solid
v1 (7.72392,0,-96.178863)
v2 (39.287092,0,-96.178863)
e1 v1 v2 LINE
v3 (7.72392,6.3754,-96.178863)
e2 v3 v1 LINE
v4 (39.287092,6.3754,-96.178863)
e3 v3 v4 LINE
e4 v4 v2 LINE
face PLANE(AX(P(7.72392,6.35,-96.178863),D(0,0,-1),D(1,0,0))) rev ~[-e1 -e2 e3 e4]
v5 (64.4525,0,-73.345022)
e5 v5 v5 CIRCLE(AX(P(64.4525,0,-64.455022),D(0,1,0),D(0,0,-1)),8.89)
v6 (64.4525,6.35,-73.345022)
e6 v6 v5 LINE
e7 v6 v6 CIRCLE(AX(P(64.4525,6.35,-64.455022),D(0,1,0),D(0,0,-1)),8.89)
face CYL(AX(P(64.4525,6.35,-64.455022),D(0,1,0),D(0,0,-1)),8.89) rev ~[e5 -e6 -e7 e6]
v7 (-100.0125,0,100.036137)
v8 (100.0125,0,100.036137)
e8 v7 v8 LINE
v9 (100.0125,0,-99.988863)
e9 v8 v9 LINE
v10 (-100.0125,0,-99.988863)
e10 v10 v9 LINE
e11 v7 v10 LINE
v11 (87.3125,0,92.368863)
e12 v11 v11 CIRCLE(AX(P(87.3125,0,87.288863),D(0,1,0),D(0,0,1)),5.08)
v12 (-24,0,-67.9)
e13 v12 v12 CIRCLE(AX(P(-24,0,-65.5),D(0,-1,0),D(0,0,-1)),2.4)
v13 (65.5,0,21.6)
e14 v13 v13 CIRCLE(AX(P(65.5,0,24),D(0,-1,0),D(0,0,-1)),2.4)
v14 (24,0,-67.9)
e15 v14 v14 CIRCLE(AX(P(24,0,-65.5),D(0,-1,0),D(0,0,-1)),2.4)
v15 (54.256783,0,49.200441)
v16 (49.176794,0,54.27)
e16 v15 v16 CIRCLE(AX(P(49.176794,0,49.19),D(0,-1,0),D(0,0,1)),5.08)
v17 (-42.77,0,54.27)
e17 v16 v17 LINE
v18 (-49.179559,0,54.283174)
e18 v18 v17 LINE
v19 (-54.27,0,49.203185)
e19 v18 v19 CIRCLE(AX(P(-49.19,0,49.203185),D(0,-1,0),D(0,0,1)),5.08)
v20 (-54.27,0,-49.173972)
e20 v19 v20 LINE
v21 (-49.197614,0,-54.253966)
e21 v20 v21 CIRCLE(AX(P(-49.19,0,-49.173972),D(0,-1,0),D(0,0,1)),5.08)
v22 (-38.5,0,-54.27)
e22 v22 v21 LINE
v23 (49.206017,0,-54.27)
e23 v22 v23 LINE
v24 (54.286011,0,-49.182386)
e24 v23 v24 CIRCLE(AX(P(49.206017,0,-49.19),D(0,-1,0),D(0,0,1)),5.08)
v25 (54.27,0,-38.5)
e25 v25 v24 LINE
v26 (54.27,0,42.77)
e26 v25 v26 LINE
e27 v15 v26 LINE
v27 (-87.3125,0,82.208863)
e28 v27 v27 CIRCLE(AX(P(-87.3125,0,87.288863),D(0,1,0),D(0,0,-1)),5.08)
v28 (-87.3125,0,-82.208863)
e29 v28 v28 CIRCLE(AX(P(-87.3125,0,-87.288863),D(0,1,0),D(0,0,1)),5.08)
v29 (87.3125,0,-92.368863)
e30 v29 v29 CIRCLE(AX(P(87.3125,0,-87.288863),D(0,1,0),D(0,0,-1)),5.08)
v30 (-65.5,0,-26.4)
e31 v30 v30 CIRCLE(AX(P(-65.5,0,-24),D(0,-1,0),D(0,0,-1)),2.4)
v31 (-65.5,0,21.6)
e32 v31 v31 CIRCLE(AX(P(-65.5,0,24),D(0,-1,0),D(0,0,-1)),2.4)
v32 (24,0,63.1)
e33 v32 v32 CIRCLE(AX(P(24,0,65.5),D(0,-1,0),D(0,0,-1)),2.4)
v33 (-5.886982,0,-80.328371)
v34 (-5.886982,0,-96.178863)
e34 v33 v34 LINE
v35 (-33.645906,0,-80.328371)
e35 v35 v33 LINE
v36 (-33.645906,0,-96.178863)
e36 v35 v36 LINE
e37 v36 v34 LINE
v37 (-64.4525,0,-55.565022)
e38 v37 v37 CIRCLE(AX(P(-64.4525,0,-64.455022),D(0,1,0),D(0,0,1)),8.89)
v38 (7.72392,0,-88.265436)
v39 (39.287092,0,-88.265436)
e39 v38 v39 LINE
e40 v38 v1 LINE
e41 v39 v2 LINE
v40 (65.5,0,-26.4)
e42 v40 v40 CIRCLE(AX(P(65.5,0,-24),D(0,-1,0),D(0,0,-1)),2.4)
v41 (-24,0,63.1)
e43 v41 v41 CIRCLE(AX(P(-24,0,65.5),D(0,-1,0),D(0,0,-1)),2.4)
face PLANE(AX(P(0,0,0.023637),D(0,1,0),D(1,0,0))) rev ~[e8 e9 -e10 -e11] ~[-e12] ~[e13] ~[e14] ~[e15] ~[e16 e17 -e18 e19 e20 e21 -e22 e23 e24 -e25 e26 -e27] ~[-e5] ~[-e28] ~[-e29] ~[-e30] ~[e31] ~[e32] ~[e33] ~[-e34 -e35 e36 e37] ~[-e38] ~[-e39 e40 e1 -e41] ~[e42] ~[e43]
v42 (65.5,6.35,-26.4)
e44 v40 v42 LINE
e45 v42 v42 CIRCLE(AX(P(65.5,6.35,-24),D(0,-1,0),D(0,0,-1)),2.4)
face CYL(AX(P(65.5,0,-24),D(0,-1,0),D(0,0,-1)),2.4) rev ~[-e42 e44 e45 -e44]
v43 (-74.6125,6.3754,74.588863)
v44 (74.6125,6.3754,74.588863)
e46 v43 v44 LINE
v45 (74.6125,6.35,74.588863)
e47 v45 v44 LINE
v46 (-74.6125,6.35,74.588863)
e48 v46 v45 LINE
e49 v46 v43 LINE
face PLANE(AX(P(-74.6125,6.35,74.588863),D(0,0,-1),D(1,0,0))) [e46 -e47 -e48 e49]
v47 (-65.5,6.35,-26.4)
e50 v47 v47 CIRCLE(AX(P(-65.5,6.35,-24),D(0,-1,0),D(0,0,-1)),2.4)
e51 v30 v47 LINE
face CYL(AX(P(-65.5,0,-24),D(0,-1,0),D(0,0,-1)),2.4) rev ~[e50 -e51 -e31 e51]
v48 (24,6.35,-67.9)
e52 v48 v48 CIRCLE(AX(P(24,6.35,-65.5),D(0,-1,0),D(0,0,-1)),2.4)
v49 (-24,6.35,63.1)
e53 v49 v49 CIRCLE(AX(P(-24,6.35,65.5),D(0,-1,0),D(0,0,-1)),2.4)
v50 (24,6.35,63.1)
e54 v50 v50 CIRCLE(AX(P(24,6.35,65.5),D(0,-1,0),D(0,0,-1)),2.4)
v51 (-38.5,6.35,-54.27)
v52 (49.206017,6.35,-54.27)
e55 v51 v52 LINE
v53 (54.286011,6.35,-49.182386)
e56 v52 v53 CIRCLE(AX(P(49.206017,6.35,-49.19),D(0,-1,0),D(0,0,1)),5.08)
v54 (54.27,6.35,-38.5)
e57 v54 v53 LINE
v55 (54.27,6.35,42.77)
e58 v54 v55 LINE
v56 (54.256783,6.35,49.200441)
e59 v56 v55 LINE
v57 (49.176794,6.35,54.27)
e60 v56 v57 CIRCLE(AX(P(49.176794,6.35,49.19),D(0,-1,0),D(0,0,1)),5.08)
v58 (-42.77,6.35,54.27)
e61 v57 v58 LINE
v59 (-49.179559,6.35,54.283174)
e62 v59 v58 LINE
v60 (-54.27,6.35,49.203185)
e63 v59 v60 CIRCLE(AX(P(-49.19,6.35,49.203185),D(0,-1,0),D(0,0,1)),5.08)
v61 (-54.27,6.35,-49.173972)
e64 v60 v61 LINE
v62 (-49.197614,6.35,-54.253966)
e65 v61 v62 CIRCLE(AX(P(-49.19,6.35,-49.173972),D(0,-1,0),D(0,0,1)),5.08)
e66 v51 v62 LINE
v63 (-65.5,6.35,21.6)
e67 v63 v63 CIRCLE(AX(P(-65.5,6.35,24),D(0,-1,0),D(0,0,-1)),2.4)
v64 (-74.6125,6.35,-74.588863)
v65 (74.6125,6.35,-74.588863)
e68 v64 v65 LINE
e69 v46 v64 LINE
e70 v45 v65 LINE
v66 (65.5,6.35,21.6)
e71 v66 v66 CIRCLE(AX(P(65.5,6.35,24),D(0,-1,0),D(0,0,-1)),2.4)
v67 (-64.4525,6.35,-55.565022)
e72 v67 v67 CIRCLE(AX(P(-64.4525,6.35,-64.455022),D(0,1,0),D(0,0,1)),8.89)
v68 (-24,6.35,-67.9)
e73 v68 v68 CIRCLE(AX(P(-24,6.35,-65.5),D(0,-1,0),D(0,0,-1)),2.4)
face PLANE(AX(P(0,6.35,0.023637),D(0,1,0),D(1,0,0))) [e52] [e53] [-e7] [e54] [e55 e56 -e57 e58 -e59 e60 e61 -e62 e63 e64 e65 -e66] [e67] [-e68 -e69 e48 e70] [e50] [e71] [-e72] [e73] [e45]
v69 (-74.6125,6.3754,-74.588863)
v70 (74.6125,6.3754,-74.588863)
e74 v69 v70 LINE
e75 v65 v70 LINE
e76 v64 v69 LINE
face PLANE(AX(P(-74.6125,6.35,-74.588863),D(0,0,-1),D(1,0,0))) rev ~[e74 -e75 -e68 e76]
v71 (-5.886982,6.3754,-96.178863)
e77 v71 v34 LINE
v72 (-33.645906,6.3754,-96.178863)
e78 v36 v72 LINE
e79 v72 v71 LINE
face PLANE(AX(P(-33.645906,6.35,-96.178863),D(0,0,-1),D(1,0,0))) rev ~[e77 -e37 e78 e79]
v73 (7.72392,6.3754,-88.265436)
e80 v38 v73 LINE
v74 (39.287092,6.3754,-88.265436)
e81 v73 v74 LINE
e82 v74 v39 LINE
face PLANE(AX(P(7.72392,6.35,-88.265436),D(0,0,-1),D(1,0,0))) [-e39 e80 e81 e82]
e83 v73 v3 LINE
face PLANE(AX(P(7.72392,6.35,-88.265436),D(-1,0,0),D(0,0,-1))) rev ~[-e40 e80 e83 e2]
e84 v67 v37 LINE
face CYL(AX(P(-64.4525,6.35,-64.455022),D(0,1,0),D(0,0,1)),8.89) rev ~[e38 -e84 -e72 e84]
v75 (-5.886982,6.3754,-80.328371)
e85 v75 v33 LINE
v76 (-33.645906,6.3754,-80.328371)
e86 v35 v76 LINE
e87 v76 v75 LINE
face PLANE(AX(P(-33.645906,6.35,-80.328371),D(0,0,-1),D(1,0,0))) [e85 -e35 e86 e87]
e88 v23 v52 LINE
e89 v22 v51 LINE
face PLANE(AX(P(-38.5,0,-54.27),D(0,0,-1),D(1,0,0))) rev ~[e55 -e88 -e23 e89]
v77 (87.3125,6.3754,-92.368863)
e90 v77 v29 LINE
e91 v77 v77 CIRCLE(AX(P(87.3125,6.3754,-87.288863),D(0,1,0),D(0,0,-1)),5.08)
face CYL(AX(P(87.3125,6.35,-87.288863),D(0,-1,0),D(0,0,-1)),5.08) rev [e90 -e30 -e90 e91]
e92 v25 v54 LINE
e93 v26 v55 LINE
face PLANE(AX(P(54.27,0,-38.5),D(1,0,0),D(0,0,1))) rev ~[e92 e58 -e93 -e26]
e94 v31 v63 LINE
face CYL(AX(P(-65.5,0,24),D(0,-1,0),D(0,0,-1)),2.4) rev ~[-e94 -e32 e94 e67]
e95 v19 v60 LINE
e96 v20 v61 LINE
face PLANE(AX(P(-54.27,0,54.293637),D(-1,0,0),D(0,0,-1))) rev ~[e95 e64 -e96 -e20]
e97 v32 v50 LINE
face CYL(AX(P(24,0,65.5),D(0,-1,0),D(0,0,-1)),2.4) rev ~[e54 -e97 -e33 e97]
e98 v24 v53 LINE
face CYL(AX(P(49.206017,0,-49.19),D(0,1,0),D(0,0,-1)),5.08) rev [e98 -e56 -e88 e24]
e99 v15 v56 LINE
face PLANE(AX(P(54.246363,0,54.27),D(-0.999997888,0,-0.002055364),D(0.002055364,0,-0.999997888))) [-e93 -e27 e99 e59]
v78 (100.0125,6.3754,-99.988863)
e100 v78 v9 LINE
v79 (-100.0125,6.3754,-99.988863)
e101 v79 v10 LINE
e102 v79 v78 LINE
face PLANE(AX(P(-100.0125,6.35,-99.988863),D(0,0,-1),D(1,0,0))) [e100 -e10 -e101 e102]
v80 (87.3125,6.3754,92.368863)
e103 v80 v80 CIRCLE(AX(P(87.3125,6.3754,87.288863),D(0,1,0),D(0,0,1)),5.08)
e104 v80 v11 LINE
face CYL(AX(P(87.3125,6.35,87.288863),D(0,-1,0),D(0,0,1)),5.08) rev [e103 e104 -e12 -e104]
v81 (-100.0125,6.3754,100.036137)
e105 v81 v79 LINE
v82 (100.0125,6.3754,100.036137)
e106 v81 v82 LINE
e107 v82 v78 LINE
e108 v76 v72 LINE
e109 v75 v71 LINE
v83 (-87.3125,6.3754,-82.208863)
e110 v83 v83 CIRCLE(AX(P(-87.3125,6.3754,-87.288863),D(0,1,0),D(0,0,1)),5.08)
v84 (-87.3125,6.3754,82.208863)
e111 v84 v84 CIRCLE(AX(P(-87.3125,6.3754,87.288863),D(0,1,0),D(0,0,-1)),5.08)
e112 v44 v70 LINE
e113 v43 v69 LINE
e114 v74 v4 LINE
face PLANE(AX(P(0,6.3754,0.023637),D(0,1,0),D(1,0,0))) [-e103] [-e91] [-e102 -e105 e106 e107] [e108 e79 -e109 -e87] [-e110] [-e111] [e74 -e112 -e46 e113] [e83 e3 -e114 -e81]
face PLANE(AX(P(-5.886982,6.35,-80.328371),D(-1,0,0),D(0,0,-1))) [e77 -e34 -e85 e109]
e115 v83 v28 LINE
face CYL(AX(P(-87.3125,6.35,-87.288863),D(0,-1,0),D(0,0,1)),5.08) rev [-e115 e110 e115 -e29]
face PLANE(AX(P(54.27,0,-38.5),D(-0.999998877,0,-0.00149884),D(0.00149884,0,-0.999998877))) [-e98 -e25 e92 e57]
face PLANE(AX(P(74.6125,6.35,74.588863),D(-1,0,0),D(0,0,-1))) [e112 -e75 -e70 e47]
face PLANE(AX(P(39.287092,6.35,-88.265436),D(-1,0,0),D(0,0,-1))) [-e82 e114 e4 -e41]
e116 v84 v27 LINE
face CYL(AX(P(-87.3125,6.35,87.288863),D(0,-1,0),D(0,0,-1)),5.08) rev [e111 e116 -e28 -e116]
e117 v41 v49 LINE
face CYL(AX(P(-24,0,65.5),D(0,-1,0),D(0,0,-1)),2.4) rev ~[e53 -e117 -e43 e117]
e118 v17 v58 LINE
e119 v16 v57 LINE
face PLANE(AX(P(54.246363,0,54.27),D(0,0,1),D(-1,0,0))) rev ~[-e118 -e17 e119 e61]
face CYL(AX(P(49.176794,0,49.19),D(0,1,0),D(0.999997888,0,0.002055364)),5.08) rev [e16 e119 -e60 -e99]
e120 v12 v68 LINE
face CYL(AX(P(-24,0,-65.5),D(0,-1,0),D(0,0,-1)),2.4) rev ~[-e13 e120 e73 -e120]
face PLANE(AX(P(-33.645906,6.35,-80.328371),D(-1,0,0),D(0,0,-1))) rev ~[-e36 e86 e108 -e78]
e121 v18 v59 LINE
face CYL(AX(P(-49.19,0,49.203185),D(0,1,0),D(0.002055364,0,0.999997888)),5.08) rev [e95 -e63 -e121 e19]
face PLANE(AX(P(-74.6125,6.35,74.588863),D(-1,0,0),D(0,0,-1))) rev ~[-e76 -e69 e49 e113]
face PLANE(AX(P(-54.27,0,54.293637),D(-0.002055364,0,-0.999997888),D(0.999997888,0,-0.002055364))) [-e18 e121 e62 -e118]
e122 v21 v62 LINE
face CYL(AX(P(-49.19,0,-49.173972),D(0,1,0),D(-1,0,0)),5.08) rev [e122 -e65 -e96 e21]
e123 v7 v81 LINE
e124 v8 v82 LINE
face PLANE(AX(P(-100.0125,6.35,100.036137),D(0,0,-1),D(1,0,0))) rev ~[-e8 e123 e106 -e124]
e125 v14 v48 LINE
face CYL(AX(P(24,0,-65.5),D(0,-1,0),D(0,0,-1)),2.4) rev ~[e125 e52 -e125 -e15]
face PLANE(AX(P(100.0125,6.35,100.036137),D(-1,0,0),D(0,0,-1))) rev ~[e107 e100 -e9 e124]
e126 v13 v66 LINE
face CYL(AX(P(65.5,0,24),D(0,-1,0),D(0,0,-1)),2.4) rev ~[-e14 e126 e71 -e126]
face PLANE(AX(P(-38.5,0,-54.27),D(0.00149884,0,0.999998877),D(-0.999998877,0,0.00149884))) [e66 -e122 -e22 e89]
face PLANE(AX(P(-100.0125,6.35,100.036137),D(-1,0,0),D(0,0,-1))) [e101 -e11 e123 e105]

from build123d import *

# Parameters (mm, degrees)
SKETCH1_W           = 200.025
SKETCH1_H           = 200.025
SKETCH1_R           = 5.08
SKETCH1_W_2         = 27.758924323
SKETCH1_H_2         = 15.850492031
SKETCH1_W_3         = 31.563171913
SKETCH1_H_3         = 7.913427648
BOSS_EXTRUDE1_DEPTH = 6.35
FILLET1_R           = 5.08
SKETCH3_R           = 2.4
CUT_EXTRUDE1_DEPTH  = 142.598203764
SKETCH4_W           = 200.025
SKETCH4_H           = 200.025
SKETCH4_R           = 5.08
SKETCH4_W_2         = 149.225
SKETCH4_H_2         = 149.17772653
SKETCH4_W_3         = 27.758924323
SKETCH4_H_3         = 15.850492031
SKETCH4_W_4         = 31.563171913
SKETCH4_H_4         = 7.913427648
BOSS_EXTRUDE2_DEPTH = 0.0254
SKETCH5_R           = 8.89
CUT_EXTRUDE2_DEPTH  = 142.598203764


with BuildPart() as part:
    # Sketch1 → Boss-Extrude1 (new body)
    with BuildSketch(Plane(origin=(0, 0, 0), x_dir=(1, 0, 0), z_dir=(0, 1, 0))):
        with Locations((0, -0.023636735)):
            Rectangle(SKETCH1_W, SKETCH1_H)
        with Locations(Location((-87.3125, 87.288863265, 0), (0, 0, 270))):
            Circle(SKETCH1_R, mode=Mode.SUBTRACT)
        with Locations(Location((87.3125, 87.288863265, 0), (0, 0, 90))):
            Circle(SKETCH1_R, mode=Mode.SUBTRACT)
        with Locations(Location((-87.3125, -87.288863265, 0), (0, 0, 90))):
            Circle(SKETCH1_R, mode=Mode.SUBTRACT)
        with Locations(Location((87.3125, -87.288863265, 0), (0, 0, 270))):
            Circle(SKETCH1_R, mode=Mode.SUBTRACT)
        with Locations((-19.766444167, 88.253617249)):
            Rectangle(SKETCH1_W_2, SKETCH1_H_2, mode=Mode.SUBTRACT)
        with Locations((23.505506165, 92.222149441)):
            Rectangle(SKETCH1_W_3, SKETCH1_H_3, mode=Mode.SUBTRACT)
        Polygon((54.27, -38.5), (54.27, 38.5), (54.293636735, 54.27), (38.5, 54.27), (-38.5, 54.27), (-54.27, 54.246363265), (-54.27, 38.5), (-54.27, -38.5), (-54.27, -54.293636735), (-42.77, -54.27), (-38.5, -54.27), (38.5, -54.27), (42.77, -54.27), (54.246363265, -54.27), (54.27, -42.77), align=None, mode=Mode.SUBTRACT)
    extrude(amount=BOSS_EXTRUDE1_DEPTH)

    # Fillet1
    fillet1_edges = [part.edges().sort_by_distance(p)[0] for p in [
        (-54.27, 3.175, -54.246363265),
        (-54.27, 3.175, 54.293636735),
        (54.246363265, 3.175, 54.27),
        (54.293636735, 3.175, -54.27),
    ]]
    fillet(fillet1_edges, radius=FILLET1_R)

    # Sketch3 → Cut-Extrude1 (cut, through all)
    with BuildSketch(Plane.XZ):
        with Locations(Location((-24, 65.5, 0), (0, 0, 270))):
            Circle(SKETCH3_R)
        with Locations(Location((24, 65.5, 0), (0, 0, 270))):
            Circle(SKETCH3_R)
        with Locations(Location((65.5, 24, 0), (0, 0, 270))):
            Circle(SKETCH3_R)
        with Locations(Location((65.5, -24, 0), (0, 0, 270))):
            Circle(SKETCH3_R)
        with Locations(Location((24, -65.5, 0), (0, 0, 270))):
            Circle(SKETCH3_R)
        with Locations(Location((-24, -65.5, 0), (0, 0, 270))):
            Circle(SKETCH3_R)
        with Locations(Location((-65.5, -24, 0), (0, 0, 270))):
            Circle(SKETCH3_R)
        with Locations(Location((-65.5, 24, 0), (0, 0, 270))):
            Circle(SKETCH3_R)
    extrude(amount=-CUT_EXTRUDE1_DEPTH, mode=Mode.SUBTRACT)

    # Sketch4 → Boss-Extrude2 (add)
    with BuildSketch(Plane(origin=(0, 6.35, 0), x_dir=(1, 0, 0), z_dir=(0, 1, 0))):
        with Locations((0, -0.023636735)):
            Rectangle(SKETCH4_W, SKETCH4_H)
        with Locations(Location((-87.3125, 87.288863265, 0), (0, 0, 270))):
            Circle(SKETCH4_R, mode=Mode.SUBTRACT)
        with Locations(Location((87.3125, 87.288863265, 0), (0, 0, 90))):
            Circle(SKETCH4_R, mode=Mode.SUBTRACT)
        with Locations(Location((87.3125, -87.288863265, 0), (0, 0, 270))):
            Circle(SKETCH4_R, mode=Mode.SUBTRACT)
        with Locations(Location((-87.3125, -87.288863265, 0), (0, 0, 90))):
            Circle(SKETCH4_R, mode=Mode.SUBTRACT)
        Rectangle(SKETCH4_W_2, SKETCH4_H_2, mode=Mode.SUBTRACT)
        with Locations((-19.766444167, 88.253617249)):
            Rectangle(SKETCH4_W_3, SKETCH4_H_3, mode=Mode.SUBTRACT)
        with Locations((23.505506165, 92.222149441)):
            Rectangle(SKETCH4_W_4, SKETCH4_H_4, mode=Mode.SUBTRACT)
    extrude(amount=BOSS_EXTRUDE2_DEPTH)

    # Sketch5 → Cut-Extrude2 (cut, through all)
    with BuildSketch(Plane(origin=(0, 6.35, 0), x_dir=(1, 0, 0), z_dir=(0, 1, 0))):
        with Locations(Location((-64.4525, 64.455022357, 0), (0, 0, 270))):
            Circle(SKETCH5_R)
        with Locations(Location((64.4525, 64.455022357, 0), (0, 0, 90))):
            Circle(SKETCH5_R)
    extrude(amount=-CUT_EXTRUDE2_DEPTH, mode=Mode.SUBTRACT)


solid = part.part
